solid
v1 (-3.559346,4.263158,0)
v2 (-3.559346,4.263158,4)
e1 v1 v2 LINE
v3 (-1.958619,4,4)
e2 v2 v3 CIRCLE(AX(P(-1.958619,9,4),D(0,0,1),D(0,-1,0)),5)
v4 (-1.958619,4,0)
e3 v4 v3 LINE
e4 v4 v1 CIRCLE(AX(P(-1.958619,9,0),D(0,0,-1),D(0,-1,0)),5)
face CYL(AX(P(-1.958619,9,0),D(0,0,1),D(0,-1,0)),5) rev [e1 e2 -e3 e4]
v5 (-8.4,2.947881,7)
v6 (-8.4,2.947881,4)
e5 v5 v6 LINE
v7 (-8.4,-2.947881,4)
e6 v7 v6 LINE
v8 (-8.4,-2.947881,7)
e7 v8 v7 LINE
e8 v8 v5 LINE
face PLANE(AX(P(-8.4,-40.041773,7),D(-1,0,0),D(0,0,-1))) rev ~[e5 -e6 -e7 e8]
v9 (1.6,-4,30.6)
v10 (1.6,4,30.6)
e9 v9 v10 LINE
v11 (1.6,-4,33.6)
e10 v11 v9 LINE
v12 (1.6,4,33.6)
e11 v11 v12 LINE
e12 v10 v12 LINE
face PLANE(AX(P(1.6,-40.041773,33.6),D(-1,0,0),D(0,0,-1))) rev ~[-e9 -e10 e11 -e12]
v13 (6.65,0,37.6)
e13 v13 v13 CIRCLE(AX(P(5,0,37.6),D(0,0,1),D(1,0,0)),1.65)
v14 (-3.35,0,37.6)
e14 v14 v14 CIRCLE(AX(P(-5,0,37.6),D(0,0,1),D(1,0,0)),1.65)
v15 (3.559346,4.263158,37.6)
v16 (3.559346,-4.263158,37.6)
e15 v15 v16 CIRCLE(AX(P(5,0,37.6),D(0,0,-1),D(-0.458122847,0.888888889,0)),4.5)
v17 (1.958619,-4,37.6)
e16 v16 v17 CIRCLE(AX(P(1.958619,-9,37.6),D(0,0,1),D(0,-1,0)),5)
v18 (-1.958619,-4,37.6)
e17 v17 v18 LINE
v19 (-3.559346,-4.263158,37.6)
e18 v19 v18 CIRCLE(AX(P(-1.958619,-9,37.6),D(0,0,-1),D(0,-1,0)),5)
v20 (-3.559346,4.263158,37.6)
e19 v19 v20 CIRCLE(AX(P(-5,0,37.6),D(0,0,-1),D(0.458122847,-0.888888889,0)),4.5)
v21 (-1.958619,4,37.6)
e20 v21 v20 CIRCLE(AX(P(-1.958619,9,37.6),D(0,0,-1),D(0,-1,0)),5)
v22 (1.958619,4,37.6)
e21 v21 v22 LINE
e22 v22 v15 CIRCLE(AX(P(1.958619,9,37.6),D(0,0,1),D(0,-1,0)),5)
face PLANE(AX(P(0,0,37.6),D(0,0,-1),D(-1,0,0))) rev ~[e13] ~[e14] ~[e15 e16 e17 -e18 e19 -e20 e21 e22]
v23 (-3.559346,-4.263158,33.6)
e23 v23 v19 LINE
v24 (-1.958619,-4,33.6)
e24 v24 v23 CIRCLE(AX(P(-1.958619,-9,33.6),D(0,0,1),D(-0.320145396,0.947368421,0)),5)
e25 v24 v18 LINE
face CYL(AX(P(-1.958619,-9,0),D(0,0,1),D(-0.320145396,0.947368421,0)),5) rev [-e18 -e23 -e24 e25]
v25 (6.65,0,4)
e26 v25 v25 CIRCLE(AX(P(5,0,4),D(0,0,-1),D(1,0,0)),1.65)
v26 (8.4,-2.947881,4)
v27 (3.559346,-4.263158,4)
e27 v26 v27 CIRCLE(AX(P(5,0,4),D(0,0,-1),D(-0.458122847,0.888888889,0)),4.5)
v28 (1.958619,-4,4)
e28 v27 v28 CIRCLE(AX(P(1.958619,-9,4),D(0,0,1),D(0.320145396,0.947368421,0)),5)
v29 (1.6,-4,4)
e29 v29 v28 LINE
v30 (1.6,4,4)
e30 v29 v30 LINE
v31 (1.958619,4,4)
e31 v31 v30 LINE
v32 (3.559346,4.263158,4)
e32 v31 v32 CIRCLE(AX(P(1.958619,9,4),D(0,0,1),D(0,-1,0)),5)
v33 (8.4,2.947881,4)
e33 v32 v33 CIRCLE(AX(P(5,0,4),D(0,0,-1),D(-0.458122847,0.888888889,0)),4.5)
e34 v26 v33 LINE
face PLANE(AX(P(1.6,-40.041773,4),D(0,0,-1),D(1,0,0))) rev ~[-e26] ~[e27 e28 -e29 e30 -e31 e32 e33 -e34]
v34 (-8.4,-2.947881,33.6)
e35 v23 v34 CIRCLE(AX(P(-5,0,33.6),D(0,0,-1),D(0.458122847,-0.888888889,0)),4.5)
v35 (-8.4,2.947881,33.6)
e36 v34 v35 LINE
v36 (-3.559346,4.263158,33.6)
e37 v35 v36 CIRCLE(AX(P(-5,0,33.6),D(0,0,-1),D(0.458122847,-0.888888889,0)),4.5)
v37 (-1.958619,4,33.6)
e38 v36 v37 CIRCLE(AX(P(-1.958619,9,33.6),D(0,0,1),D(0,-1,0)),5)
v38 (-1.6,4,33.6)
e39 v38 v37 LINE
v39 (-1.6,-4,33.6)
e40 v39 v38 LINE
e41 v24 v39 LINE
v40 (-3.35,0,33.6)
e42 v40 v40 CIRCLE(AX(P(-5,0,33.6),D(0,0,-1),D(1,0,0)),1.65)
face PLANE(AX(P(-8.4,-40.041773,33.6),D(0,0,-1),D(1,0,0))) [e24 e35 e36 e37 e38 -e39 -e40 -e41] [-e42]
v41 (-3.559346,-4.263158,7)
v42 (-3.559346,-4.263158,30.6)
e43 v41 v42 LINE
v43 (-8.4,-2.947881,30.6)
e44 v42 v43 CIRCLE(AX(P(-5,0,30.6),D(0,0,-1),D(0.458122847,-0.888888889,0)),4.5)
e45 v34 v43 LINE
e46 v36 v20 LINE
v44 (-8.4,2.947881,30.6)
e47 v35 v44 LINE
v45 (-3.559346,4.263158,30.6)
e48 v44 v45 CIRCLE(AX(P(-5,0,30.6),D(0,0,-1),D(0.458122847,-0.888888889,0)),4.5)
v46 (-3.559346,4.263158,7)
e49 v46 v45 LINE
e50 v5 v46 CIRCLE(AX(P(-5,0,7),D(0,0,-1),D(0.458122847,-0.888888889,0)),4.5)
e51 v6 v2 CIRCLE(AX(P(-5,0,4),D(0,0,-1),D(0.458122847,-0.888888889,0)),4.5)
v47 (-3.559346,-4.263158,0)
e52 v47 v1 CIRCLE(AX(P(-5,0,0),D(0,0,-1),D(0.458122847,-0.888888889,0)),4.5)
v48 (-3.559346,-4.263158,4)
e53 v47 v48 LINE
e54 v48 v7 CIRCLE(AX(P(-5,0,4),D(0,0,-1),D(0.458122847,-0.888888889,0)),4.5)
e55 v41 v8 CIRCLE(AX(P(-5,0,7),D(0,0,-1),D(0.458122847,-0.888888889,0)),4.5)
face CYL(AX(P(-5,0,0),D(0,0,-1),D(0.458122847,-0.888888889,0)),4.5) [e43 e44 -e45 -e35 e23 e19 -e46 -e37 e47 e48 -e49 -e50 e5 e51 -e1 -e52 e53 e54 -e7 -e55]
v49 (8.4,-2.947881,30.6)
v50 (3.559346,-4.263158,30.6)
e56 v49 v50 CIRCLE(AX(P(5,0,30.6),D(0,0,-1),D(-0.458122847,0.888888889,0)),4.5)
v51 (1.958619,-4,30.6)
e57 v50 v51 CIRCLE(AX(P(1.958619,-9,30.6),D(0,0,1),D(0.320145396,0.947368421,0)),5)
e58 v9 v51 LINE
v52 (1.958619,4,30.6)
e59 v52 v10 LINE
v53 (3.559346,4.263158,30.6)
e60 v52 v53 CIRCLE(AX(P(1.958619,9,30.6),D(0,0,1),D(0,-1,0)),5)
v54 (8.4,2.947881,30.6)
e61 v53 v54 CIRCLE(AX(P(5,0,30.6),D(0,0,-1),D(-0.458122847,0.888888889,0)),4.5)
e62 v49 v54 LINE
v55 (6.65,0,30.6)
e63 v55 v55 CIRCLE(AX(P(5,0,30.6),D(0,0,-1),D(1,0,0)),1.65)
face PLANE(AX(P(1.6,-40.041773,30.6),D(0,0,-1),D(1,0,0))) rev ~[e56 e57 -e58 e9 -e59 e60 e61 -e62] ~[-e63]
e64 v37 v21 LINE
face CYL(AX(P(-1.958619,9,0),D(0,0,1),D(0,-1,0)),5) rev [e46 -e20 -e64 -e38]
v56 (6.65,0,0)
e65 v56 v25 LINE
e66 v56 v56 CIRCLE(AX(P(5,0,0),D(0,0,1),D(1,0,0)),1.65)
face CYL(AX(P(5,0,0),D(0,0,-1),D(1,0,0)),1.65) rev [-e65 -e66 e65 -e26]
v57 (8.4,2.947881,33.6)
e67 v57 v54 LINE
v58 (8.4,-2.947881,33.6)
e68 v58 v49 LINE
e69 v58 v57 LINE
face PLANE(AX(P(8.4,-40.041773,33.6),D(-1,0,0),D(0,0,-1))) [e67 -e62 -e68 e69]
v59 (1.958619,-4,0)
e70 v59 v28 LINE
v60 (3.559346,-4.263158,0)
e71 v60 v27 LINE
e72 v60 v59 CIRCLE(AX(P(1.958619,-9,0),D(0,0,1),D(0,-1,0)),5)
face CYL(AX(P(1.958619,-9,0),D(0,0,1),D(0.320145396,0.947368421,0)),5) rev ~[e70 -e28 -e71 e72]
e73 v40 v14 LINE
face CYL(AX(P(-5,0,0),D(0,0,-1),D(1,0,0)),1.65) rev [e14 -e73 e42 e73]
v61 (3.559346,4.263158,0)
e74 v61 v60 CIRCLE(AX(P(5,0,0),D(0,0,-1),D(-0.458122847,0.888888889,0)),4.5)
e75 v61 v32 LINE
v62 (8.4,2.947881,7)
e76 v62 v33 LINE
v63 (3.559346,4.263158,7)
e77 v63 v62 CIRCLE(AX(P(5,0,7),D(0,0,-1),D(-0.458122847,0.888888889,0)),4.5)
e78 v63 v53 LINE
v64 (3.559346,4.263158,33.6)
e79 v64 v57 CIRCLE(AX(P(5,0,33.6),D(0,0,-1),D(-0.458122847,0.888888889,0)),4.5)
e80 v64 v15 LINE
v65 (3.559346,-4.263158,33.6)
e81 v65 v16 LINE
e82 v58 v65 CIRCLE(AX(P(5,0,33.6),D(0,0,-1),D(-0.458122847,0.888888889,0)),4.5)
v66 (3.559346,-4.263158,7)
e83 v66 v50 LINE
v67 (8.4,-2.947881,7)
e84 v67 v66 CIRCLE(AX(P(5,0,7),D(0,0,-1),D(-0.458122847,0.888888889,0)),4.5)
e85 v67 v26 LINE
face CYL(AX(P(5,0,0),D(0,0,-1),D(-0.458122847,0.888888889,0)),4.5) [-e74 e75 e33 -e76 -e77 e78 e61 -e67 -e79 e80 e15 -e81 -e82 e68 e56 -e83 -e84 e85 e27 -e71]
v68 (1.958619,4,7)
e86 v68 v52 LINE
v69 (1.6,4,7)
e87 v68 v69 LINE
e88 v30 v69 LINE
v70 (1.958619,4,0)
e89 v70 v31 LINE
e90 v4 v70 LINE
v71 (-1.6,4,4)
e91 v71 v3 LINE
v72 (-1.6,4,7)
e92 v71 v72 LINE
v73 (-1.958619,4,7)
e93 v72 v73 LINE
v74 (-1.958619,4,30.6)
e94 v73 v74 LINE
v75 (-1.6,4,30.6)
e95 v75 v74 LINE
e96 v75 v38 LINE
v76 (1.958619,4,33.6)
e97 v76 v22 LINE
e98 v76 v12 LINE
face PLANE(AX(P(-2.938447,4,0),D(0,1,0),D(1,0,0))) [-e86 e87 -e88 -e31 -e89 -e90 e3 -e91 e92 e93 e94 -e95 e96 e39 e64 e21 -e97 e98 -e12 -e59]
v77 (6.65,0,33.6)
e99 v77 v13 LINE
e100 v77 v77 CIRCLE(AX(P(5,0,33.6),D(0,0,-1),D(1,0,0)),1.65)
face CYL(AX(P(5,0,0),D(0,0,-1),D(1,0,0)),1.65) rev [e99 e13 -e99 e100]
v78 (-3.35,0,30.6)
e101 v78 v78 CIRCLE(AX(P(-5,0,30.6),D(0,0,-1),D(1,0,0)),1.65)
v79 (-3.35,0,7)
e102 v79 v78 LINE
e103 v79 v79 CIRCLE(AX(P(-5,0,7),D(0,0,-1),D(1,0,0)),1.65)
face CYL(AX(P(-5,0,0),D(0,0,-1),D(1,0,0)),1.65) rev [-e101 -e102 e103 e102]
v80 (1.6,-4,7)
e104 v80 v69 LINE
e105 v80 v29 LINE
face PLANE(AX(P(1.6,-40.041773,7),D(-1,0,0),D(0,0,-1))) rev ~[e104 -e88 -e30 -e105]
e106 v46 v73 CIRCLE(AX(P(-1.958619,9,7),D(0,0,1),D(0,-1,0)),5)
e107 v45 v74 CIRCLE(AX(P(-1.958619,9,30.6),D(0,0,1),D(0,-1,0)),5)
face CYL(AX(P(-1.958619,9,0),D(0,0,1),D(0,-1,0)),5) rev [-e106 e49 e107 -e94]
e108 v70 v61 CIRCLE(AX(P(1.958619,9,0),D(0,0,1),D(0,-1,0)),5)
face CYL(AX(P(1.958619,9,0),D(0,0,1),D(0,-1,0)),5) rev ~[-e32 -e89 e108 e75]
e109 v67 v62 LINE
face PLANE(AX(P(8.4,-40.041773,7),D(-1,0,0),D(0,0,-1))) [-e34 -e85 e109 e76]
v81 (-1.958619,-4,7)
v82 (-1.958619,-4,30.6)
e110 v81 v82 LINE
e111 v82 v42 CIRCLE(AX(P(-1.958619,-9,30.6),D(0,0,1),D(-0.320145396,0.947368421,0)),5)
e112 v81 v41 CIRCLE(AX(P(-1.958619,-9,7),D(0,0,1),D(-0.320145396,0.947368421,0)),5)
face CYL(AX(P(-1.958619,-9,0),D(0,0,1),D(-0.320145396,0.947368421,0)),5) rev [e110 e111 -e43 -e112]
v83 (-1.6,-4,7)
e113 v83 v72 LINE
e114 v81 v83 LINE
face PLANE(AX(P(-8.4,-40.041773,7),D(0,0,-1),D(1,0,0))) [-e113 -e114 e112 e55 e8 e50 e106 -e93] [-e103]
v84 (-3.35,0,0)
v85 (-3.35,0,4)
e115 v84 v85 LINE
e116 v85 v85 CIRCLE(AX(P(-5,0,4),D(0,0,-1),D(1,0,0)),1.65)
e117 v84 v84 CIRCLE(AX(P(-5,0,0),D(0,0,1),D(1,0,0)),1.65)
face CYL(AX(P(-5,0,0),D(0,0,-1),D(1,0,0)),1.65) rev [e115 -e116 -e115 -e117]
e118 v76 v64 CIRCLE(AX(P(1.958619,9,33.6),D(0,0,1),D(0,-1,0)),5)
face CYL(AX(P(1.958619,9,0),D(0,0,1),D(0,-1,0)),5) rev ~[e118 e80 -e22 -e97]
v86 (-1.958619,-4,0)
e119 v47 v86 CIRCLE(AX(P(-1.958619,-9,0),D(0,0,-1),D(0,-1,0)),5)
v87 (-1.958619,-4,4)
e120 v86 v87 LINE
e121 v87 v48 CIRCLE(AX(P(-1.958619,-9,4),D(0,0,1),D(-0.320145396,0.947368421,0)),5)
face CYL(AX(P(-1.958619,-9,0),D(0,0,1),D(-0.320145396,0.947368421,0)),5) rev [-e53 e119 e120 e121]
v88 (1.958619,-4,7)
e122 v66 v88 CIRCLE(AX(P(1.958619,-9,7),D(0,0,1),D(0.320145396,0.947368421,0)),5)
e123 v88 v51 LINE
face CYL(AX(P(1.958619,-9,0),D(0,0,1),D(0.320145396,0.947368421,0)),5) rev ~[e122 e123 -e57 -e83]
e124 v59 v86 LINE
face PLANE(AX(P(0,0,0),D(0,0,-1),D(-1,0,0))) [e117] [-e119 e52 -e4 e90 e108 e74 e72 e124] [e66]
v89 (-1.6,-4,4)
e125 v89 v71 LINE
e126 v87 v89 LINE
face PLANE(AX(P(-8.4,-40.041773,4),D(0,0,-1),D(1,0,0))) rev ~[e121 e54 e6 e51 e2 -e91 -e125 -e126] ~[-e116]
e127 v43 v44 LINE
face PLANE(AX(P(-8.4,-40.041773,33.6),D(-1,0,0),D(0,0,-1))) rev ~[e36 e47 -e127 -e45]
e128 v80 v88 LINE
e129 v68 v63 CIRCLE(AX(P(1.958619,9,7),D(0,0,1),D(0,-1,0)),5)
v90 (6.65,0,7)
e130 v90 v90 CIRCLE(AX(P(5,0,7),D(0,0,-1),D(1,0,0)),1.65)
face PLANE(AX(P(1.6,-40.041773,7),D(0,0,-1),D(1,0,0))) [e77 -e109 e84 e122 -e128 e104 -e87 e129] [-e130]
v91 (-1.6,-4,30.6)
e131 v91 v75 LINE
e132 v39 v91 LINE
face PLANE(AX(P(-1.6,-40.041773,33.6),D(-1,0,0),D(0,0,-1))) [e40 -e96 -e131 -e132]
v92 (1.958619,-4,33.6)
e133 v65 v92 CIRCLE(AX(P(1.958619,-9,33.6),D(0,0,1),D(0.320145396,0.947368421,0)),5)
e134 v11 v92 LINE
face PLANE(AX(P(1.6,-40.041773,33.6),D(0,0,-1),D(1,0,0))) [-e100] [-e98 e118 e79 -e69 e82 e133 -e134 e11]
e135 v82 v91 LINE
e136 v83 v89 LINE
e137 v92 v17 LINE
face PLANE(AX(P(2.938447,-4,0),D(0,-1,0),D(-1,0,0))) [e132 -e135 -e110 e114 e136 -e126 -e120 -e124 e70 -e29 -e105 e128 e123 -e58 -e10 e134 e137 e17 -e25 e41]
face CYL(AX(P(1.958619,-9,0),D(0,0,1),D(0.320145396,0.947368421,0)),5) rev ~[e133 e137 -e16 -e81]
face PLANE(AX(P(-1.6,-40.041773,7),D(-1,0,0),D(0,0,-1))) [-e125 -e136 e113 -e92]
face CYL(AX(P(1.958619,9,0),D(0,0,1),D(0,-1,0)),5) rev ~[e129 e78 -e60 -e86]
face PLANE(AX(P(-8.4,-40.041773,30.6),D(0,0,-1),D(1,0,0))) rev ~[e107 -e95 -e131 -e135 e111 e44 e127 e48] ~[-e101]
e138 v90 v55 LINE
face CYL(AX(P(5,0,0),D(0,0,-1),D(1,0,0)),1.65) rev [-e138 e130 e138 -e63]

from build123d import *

# Parameters (mm, degrees)
ESBO_O1_R                  = 1.65
RESSALTO_EXTRUS_O1_DEPTH   = 37.6
FILETE1_R                  = 5
CORTE_EXTRUS_O1_DEPTH      = 40.041772501
CORTE_EXTRUS_O1_DEPTH_BACK = 40.041772501
ESBO_O2_W                  = 6.8
ESBO_O2_H                  = 3


with BuildPart() as part:
    # Esboço1 → Ressalto-extrusão1 (new body)
    with BuildSketch(Plane.XY):
        with BuildLine():
            Line((-2.938447187, 4), (2.938447187, 4))
            ThreePointArc((2.938447187, 4), (9.5, 0), (2.938447187, -4))
            Line((2.938447187, -4), (-2.938447187, -4))
            ThreePointArc((-2.938447187, -4), (-9.5, 0), (-2.938447187, 4))
        make_face()
        with Locations((-5, 0)):
            Circle(ESBO_O1_R, mode=Mode.SUBTRACT)
        with Locations((5, 0)):
            Circle(ESBO_O1_R, mode=Mode.SUBTRACT)
    extrude(amount=RESSALTO_EXTRUS_O1_DEPTH)

    # Filete1
    filete1_edges = [part.edges().sort_by_distance(p)[0] for p in [
        (-2.938447187, 4, 18.8),
        (2.938447187, 4, 18.8),
        (2.938447187, -4, 18.8),
        (-2.938447187, -4, 18.8),
    ]]
    fillet(filete1_edges, radius=FILETE1_R)

    # Esboço2 → Corte-extrusão1 (cut, two sides: drawn at the far end of the back side and taken through both)
    with BuildSketch(Plane(origin=(0, 0, 0), x_dir=(1, 0, 0), z_dir=(0, 1, 0)).offset(-CORTE_EXTRUS_O1_DEPTH_BACK)):
        with Locations((-5, -5.5)):
            Rectangle(ESBO_O2_W, ESBO_O2_H)
        with Locations((5, -5.5)):
            Rectangle(ESBO_O2_W, ESBO_O2_H)
        with Locations((5, -32.1)):
            Rectangle(ESBO_O2_W, ESBO_O2_H)
        with Locations((-5, -32.1)):
            Rectangle(ESBO_O2_W, ESBO_O2_H)
    extrude(amount=CORTE_EXTRUS_O1_DEPTH + CORTE_EXTRUS_O1_DEPTH_BACK, mode=Mode.SUBTRACT)


solid = part.part
